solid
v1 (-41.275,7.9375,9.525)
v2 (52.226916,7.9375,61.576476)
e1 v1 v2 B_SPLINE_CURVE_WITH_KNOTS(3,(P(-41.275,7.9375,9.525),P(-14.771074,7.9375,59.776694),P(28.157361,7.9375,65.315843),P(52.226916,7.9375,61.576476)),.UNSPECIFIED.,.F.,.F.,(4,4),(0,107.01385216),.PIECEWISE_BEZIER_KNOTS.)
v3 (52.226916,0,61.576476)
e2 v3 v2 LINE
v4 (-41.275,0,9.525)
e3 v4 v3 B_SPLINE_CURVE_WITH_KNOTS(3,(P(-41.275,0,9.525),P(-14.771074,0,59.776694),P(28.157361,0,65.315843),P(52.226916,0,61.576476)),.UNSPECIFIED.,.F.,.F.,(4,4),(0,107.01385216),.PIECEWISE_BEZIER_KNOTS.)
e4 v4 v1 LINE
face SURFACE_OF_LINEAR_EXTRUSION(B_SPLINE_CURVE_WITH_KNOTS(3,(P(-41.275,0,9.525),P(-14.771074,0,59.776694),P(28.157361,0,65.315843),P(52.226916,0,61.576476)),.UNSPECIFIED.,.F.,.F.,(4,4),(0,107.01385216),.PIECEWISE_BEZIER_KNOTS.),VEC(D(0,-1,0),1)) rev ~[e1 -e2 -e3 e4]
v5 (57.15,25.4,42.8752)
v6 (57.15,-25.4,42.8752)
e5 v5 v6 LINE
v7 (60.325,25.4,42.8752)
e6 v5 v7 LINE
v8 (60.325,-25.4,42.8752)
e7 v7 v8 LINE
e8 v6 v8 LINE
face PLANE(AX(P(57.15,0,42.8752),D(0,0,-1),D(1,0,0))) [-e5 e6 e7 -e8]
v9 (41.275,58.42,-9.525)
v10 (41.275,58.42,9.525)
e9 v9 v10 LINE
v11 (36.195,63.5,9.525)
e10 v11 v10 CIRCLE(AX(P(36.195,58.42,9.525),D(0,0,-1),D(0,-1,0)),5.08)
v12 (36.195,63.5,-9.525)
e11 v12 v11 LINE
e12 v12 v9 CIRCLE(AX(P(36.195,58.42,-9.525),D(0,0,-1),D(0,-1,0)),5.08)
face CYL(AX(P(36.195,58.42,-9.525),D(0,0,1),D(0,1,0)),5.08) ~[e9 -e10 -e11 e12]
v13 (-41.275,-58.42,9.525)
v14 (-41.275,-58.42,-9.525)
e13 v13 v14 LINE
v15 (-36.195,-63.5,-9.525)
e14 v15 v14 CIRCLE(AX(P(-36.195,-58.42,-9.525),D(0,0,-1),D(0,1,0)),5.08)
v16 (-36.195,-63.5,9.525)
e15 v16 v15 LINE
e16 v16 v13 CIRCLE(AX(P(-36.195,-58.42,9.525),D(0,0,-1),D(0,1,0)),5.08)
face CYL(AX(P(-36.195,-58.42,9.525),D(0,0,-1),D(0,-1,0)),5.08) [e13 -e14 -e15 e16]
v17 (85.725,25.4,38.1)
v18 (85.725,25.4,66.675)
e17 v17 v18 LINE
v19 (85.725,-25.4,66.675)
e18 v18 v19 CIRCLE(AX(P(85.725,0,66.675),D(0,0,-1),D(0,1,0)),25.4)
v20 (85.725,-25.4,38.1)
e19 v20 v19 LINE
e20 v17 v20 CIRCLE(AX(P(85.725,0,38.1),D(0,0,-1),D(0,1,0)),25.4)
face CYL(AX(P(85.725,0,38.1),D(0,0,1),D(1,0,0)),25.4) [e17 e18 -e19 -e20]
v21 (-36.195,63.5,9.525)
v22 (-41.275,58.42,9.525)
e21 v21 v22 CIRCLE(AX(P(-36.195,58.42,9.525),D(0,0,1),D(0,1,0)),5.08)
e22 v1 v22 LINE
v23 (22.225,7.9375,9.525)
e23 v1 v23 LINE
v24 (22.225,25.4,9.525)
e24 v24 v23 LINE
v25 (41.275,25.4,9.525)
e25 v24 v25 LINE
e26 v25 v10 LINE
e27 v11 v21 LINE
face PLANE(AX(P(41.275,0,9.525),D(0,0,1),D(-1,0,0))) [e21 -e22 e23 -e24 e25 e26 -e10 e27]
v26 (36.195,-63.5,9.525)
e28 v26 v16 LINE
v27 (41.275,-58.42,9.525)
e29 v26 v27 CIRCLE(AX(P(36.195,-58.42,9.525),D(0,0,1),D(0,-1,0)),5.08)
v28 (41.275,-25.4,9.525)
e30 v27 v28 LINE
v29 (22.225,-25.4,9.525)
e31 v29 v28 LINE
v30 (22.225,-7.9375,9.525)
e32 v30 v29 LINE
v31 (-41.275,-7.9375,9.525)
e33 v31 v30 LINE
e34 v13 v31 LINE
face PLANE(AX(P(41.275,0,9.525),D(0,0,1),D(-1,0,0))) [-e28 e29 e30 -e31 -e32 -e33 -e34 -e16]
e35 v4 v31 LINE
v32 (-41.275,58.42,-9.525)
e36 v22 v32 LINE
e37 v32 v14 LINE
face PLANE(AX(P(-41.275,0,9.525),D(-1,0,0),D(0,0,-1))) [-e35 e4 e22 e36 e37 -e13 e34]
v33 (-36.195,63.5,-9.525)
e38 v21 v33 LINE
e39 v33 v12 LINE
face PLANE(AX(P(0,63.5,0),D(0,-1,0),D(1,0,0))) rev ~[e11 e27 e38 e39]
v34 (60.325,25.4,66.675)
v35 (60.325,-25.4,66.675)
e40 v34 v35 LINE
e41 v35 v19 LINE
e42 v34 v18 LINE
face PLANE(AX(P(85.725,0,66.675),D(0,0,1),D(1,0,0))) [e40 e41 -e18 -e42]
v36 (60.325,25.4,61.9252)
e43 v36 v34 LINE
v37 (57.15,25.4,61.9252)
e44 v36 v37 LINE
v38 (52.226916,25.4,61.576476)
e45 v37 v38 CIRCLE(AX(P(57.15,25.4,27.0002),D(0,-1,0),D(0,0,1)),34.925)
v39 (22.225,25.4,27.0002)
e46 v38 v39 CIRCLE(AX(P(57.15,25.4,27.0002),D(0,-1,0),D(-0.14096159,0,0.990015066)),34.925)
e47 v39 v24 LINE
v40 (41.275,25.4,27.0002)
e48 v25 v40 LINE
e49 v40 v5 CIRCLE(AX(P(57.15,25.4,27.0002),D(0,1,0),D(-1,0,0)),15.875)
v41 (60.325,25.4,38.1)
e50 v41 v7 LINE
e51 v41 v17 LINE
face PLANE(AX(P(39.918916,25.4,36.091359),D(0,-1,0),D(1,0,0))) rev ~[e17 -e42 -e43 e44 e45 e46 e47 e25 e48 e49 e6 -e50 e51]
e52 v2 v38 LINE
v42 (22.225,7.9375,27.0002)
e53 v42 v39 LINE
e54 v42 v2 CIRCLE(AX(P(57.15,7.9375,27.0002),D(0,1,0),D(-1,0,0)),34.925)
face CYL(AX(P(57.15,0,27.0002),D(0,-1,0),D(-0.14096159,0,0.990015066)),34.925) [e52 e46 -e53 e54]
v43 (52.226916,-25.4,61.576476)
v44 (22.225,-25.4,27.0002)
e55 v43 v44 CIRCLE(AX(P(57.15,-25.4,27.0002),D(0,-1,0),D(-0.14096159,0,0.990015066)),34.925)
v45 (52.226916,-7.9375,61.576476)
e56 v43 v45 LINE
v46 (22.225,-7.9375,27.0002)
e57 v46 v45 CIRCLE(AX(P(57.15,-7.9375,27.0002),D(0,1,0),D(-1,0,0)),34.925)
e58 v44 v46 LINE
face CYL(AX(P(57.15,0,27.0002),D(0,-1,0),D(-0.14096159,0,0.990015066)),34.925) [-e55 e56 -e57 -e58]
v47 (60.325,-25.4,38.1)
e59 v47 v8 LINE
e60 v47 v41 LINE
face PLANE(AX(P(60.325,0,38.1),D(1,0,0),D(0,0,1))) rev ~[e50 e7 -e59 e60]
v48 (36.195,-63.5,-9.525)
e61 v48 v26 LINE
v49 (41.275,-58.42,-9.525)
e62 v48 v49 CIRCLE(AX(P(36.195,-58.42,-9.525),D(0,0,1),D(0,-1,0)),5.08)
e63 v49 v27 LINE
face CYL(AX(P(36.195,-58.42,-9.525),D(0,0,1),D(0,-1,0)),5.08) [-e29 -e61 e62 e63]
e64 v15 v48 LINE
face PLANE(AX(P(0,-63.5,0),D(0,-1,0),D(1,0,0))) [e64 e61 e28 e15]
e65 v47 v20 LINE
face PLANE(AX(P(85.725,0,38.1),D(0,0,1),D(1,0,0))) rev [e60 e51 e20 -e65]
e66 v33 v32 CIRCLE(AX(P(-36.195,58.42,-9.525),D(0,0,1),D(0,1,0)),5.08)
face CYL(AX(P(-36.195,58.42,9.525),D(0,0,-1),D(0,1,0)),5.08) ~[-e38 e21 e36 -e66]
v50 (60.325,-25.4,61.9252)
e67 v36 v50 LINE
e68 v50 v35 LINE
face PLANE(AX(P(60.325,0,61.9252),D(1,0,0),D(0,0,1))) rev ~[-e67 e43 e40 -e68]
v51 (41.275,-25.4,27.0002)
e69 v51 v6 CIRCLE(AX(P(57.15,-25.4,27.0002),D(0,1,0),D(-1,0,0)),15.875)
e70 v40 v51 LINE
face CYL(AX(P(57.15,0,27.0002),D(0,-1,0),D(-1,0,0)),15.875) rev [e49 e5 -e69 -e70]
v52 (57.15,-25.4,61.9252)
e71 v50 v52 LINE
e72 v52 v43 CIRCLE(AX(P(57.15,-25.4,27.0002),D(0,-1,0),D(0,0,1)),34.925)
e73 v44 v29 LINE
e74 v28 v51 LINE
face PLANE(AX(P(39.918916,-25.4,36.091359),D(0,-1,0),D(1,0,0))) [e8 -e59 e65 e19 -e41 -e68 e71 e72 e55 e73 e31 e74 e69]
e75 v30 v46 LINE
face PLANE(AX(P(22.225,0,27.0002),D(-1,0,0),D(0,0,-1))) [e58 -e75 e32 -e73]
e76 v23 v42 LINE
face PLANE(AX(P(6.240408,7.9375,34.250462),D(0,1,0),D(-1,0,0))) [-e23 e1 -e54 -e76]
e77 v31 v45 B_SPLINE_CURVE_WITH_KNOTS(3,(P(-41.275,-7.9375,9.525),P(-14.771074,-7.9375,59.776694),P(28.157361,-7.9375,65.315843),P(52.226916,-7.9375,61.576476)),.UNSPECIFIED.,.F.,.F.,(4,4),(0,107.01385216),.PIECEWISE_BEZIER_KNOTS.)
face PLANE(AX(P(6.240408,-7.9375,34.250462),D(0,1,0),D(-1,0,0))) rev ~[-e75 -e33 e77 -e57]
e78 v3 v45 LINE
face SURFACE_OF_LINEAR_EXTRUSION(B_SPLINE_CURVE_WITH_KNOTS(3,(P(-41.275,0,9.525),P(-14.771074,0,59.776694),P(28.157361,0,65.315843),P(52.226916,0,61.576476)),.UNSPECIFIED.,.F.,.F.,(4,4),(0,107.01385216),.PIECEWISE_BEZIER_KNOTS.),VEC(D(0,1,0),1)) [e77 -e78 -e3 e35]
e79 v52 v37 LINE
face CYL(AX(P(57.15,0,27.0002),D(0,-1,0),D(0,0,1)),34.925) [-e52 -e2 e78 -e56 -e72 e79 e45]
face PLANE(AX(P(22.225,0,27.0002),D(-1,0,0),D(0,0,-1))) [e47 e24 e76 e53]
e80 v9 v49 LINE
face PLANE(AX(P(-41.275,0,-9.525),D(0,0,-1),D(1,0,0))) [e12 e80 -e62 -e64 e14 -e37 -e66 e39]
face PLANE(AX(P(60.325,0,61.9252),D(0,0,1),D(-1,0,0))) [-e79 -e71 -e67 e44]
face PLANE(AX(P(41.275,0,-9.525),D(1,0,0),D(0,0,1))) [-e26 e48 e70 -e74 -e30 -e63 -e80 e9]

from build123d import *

# Parameters (mm, degrees)
F1_DEPTH = 63.5
F0_W     = 25.4
F0_H     = 19.05
F0_H_2   = 4.7498
F0_H_3   = 4.7752
F2_DEPTH = 25.4
F3_DEPTH = 7.9375
F5_R     = 5.08


with BuildPart() as f1:
    # F0 (on Front) → F1 (new body, symmetric)
    with BuildSketch(Plane.XZ):
        Polygon((22.225, 9.525), (-41.275, 9.525), (-41.275, -9.525), (41.275, -9.525), (41.275, 9.525), align=None)
    extrude(amount=F1_DEPTH, both=True)

    # F0 (on Front) → F2 (join, symmetric)
    with BuildSketch(Plane.XZ):
        with BuildLine():
            Line((22.225, 27.0002), (22.225, 9.525))
            Line((22.225, 9.525), (41.275, 9.525))
            Line((41.275, 9.525), (41.275, 27.0002))
            ThreePointArc((41.275, 27.0002), (45.9246798487, 38.2255201513), (57.15, 42.8752))
            Line((57.15, 42.8752), (60.325, 42.8752))
            Line((60.325, 42.8752), (60.325, 61.9252))
            Line((60.325, 61.9252), (57.15, 61.9252))
            ThreePointArc((57.15, 61.9252), (54.6822905468, 61.8379099571), (52.2269164674, 61.5764761663))
            ThreePointArc((52.2269164674, 61.5764761663), (30.77108496, 49.8892468633), (22.225, 27.0002))
        make_face()
        with Locations((73.025, 52.4002)):
            Rectangle(F0_W, F0_H)
        with Locations((73.025, 64.3001)):
            Rectangle(F0_W, F0_H_2)
        with Locations((73.025, 40.4876)):
            Rectangle(F0_W, F0_H_3)
    extrude(amount=F2_DEPTH, both=True)

    # F0 (on Front) → F3 (join, symmetric)
    with BuildSketch(Plane.XZ):
        with BuildLine():
            add(Edge.make_bspline(
                [(-41.275, 9.525), (-14.7710740566, 59.7766935825), (28.1573608518, 65.3158426285), (52.2269164674, 61.5764761663)],
                knots=[0, 0, 0, 0, 107.0138521602, 107.0138521602, 107.0138521602, 107.0138521602], degree=3))
            Line((-41.275, 9.525), (22.225, 9.525))
            Line((22.225, 9.525), (22.225, 27.0002))
            ThreePointArc((22.225, 27.0002), (30.77108496, 49.8892468633), (52.2269164674, 61.5764761663))
        make_face()
    extrude(amount=F3_DEPTH, both=True)

    # F0 (on Front) → F4 (revolve)
    with BuildSketch(Plane.XZ):
        Polygon((85.725, 66.675), (85.725, 61.9252), (85.725, 42.8752), (85.725, 38.1), (111.125, 38.1), (111.125, 66.675), align=None)
    revolve(axis=Axis((85.725, 0, 52.3875), (0, 0, 1)))

    # F5
    f5_edges = [f1.edges().sort_by_distance(p)[0] for p in [
        (41.275, 63.5, 0),
        (41.275, -63.5, 0),
        (-41.275, -63.5, 0),
        (-41.275, 63.5, 0),
    ]]
    fillet(f5_edges, radius=F5_R)


solid = f1.part
